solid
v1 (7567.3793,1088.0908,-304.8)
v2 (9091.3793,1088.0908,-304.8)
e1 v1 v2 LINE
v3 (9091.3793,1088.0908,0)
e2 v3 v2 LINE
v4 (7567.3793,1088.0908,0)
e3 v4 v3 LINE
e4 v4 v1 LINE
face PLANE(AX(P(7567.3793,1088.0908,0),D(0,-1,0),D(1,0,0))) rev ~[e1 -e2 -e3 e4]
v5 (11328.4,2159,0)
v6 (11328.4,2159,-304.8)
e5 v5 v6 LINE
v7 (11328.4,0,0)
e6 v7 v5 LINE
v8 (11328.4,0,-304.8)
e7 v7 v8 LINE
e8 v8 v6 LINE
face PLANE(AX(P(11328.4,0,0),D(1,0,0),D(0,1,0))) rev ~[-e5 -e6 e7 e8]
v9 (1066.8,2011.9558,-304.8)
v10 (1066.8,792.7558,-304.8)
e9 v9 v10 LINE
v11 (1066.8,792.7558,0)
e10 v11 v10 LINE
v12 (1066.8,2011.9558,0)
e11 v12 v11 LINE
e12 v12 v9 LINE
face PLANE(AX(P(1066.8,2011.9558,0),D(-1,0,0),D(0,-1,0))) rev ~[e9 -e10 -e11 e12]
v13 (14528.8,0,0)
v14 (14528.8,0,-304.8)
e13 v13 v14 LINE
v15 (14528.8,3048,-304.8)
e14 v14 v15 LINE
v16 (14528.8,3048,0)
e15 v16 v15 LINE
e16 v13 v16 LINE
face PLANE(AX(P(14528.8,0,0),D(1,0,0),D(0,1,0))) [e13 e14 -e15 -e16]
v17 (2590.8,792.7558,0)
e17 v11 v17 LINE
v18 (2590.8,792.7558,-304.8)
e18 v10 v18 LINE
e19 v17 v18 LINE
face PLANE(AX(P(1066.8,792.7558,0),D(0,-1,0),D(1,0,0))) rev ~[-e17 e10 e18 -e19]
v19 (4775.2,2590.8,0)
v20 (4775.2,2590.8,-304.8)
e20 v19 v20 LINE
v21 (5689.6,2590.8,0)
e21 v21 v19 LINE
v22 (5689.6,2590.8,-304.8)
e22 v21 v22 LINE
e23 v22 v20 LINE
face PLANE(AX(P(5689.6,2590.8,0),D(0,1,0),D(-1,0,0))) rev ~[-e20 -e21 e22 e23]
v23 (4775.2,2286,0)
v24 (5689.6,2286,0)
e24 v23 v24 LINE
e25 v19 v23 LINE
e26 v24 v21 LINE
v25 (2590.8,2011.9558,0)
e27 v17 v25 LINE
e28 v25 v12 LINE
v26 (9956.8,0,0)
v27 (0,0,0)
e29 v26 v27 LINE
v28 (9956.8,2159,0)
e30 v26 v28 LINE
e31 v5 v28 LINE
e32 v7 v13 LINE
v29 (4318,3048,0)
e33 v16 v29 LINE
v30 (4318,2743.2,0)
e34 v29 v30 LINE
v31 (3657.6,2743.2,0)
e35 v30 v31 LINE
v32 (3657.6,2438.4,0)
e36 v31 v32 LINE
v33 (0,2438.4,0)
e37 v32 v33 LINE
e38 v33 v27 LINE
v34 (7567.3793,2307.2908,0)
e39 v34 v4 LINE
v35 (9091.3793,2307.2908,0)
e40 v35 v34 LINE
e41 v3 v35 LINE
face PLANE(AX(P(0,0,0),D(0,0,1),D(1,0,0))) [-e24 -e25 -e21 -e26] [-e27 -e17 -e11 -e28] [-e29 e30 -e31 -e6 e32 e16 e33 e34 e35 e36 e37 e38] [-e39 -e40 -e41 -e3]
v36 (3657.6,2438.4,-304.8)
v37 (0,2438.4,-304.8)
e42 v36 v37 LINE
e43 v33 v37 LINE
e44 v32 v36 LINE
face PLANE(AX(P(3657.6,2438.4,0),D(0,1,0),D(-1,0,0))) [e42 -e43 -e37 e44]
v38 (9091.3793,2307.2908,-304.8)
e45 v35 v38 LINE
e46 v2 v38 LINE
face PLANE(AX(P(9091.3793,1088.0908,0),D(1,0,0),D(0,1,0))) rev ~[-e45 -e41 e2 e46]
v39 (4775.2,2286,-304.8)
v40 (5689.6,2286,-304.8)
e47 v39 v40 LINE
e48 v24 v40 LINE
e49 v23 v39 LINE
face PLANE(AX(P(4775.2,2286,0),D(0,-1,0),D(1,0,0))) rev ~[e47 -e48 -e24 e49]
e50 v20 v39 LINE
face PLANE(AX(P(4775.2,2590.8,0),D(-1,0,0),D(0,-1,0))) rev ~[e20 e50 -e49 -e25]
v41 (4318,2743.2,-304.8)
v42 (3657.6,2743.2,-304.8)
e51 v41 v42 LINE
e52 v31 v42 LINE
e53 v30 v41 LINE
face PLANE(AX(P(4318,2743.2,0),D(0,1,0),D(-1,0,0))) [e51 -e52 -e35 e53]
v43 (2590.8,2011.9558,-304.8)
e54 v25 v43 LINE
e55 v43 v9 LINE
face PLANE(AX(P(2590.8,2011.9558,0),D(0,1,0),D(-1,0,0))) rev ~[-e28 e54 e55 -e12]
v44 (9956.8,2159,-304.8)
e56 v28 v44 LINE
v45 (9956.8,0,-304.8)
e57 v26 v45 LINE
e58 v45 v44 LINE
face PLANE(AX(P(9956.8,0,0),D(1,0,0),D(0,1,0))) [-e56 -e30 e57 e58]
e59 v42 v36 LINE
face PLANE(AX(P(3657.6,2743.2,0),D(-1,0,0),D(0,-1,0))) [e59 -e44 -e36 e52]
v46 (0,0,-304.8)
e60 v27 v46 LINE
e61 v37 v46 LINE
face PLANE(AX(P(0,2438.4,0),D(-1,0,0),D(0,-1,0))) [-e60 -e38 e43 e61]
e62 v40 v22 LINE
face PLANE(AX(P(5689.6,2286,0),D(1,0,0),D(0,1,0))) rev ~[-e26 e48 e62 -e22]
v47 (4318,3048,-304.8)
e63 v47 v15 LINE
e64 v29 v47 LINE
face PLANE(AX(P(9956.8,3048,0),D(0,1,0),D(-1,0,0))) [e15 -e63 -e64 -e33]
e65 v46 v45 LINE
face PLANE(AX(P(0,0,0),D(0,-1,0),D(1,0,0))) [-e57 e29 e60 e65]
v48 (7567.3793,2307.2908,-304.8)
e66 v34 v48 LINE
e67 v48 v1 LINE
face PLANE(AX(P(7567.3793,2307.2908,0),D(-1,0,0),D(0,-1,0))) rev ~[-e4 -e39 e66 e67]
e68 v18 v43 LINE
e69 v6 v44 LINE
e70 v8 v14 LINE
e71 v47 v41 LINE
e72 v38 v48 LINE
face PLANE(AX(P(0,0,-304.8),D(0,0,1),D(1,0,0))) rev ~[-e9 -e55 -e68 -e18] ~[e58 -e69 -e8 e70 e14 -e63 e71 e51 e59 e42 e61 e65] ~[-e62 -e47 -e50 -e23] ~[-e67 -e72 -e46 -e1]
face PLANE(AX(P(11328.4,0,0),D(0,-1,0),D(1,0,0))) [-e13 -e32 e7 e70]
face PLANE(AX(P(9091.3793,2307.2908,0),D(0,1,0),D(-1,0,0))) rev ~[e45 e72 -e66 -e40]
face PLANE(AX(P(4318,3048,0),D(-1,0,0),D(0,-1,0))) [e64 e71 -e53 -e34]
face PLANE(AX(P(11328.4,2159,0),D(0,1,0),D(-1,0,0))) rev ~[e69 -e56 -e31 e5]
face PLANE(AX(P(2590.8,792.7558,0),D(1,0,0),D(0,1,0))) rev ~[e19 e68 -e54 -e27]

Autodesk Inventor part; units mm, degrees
ref_plane "YZ Plane" through (0, 0, 0) normal (1, 0, 0) x (0, 1, 0)
ref_plane "XZ Plane" through (0, 0, 0) normal (0, 1, 0) x (-1, 0, 0)
ref_plane "XY Plane" through (0, 0, 0) normal (0, 0, 1) x (1, 0, 0)
sketch "Sketch1" plane through (0, 0, 0) normal (0, 0, 1) x (1, 0, 0)
  line L0 (0, 0) -> (3657.6, 0)
  line L1 (3657.6, 0) -> (3657.6, 2438.4)
  line L2 (3657.6, 2438.4) -> (0, 2438.4)
  line L3 (0, 2438.4) -> (0, 0)
  line L4 (3657.6, 0) -> (4318, 0)
  line L5 (4318, 2743.2) -> (3657.6, 2743.2)
  line L6 (3657.6, 2743.2) -> (3657.6, 0)
  line L7 (4318, 0) -> (9956.8, 0)
  line L8 (9956.8, 0) -> (9956.8, 2159)
  line L9 (9956.8, 3048) -> (4318, 3048)
  line L10 (4318, 3048) -> (4318, 0)
  line L11 (9956.8, 0) -> (11328.4, 0)
  line L12 (11328.4, 0) -> (11328.4, 2159)
  line L13 (11328.4, 2159) -> (9956.8, 2159)
  line L14 (9956.8, 2159) -> (9956.8, 0)
  line L15 (9956.8, 0) -> (14528.8, 0)
  line L16 (14528.8, 0) -> (14528.8, 3048)
  line L17 (14528.8, 3048) -> (9956.8, 3048)
  line L18 (9956.8, 3048) -> (9956.8, 0)
  line L19 (4775.2, 2286) -> (5689.6, 2286)
  line L20 (5689.6, 2286) -> (5689.6, 2590.8)
  line L21 (5689.6, 2590.8) -> (4775.2, 2590.8)
  line L22 (4775.2, 2590.8) -> (4775.2, 2286)
  line L23 (4775.2, 2286) -> (5689.6, 2590.8) construction
  line L24 (5689.6, 2286) -> (4775.2, 2590.8) construction
  line L25 (7567.3793, 1088.0908) -> (9091.3793, 1088.0908)
  line L26 (9091.3793, 1088.0908) -> (9091.3793, 2307.2908)
  line L27 (9091.3793, 2307.2908) -> (7567.3793, 2307.2908)
  line L28 (7567.3793, 2307.2908) -> (7567.3793, 1088.0908)
  line L29 (7567.3793, 1088.0908) -> (9091.3793, 2307.2908) construction
  line L30 (9091.3793, 1088.0908) -> (7567.3793, 2307.2908) construction
  line L31 (1066.8, 792.7558) -> (2590.8, 792.7558)
  line L32 (2590.8, 792.7558) -> (2590.8, 2011.9558)
  line L33 (2590.8, 2011.9558) -> (1066.8, 2011.9558)
  line L34 (1066.8, 2011.9558) -> (1066.8, 792.7558)
  line L35 (1066.8, 792.7558) -> (2590.8, 2011.9558) construction
  line L36 (2590.8, 792.7558) -> (1066.8, 2011.9558) construction
  line L37 (4318, 0) -> (4318, 2159)
  line L38 (4318, 2286) -> (4318, 2743.2)
  point P0 (5232.4, 2438.4)
  point P1 (8329.3793, 1697.6908)
  point P2 (1828.8, 1402.3558)
  dimension "d0" = 3657.6
  dimension "d1" = 2438.4
  dimension "d2" = 660.4
  dimension "d3" = 2743.2
  dimension "d4" = 5638.8
  dimension "d5" = 3048
  dimension "d6" = 1371.6
  dimension "d7" = 2159
  dimension "d8" = 4572
  dimension "d9" = 3048
  dimension "d10" = 304.8
  dimension "d11" = 914.4
  dimension "d14" = 1524
  dimension "d15" = 1219.2
  dimension "d16" = 1524
  dimension "d17" = 1219.2
  dimension "d18" = 1828.8
  dimension "d19" = 3200.4
  dimension "d22" = 14528.8
extrude "Extrusion1" add sketch "Sketch1" against normal blind 304.8 contours L3 L2 L1 L0 | L1 L6 L5 L10 L4 | L10 L9 L18 L8 L7 | L18 L17 L16 L15 L12 L13
properties part number "westSideofHouseFacingGarage"
